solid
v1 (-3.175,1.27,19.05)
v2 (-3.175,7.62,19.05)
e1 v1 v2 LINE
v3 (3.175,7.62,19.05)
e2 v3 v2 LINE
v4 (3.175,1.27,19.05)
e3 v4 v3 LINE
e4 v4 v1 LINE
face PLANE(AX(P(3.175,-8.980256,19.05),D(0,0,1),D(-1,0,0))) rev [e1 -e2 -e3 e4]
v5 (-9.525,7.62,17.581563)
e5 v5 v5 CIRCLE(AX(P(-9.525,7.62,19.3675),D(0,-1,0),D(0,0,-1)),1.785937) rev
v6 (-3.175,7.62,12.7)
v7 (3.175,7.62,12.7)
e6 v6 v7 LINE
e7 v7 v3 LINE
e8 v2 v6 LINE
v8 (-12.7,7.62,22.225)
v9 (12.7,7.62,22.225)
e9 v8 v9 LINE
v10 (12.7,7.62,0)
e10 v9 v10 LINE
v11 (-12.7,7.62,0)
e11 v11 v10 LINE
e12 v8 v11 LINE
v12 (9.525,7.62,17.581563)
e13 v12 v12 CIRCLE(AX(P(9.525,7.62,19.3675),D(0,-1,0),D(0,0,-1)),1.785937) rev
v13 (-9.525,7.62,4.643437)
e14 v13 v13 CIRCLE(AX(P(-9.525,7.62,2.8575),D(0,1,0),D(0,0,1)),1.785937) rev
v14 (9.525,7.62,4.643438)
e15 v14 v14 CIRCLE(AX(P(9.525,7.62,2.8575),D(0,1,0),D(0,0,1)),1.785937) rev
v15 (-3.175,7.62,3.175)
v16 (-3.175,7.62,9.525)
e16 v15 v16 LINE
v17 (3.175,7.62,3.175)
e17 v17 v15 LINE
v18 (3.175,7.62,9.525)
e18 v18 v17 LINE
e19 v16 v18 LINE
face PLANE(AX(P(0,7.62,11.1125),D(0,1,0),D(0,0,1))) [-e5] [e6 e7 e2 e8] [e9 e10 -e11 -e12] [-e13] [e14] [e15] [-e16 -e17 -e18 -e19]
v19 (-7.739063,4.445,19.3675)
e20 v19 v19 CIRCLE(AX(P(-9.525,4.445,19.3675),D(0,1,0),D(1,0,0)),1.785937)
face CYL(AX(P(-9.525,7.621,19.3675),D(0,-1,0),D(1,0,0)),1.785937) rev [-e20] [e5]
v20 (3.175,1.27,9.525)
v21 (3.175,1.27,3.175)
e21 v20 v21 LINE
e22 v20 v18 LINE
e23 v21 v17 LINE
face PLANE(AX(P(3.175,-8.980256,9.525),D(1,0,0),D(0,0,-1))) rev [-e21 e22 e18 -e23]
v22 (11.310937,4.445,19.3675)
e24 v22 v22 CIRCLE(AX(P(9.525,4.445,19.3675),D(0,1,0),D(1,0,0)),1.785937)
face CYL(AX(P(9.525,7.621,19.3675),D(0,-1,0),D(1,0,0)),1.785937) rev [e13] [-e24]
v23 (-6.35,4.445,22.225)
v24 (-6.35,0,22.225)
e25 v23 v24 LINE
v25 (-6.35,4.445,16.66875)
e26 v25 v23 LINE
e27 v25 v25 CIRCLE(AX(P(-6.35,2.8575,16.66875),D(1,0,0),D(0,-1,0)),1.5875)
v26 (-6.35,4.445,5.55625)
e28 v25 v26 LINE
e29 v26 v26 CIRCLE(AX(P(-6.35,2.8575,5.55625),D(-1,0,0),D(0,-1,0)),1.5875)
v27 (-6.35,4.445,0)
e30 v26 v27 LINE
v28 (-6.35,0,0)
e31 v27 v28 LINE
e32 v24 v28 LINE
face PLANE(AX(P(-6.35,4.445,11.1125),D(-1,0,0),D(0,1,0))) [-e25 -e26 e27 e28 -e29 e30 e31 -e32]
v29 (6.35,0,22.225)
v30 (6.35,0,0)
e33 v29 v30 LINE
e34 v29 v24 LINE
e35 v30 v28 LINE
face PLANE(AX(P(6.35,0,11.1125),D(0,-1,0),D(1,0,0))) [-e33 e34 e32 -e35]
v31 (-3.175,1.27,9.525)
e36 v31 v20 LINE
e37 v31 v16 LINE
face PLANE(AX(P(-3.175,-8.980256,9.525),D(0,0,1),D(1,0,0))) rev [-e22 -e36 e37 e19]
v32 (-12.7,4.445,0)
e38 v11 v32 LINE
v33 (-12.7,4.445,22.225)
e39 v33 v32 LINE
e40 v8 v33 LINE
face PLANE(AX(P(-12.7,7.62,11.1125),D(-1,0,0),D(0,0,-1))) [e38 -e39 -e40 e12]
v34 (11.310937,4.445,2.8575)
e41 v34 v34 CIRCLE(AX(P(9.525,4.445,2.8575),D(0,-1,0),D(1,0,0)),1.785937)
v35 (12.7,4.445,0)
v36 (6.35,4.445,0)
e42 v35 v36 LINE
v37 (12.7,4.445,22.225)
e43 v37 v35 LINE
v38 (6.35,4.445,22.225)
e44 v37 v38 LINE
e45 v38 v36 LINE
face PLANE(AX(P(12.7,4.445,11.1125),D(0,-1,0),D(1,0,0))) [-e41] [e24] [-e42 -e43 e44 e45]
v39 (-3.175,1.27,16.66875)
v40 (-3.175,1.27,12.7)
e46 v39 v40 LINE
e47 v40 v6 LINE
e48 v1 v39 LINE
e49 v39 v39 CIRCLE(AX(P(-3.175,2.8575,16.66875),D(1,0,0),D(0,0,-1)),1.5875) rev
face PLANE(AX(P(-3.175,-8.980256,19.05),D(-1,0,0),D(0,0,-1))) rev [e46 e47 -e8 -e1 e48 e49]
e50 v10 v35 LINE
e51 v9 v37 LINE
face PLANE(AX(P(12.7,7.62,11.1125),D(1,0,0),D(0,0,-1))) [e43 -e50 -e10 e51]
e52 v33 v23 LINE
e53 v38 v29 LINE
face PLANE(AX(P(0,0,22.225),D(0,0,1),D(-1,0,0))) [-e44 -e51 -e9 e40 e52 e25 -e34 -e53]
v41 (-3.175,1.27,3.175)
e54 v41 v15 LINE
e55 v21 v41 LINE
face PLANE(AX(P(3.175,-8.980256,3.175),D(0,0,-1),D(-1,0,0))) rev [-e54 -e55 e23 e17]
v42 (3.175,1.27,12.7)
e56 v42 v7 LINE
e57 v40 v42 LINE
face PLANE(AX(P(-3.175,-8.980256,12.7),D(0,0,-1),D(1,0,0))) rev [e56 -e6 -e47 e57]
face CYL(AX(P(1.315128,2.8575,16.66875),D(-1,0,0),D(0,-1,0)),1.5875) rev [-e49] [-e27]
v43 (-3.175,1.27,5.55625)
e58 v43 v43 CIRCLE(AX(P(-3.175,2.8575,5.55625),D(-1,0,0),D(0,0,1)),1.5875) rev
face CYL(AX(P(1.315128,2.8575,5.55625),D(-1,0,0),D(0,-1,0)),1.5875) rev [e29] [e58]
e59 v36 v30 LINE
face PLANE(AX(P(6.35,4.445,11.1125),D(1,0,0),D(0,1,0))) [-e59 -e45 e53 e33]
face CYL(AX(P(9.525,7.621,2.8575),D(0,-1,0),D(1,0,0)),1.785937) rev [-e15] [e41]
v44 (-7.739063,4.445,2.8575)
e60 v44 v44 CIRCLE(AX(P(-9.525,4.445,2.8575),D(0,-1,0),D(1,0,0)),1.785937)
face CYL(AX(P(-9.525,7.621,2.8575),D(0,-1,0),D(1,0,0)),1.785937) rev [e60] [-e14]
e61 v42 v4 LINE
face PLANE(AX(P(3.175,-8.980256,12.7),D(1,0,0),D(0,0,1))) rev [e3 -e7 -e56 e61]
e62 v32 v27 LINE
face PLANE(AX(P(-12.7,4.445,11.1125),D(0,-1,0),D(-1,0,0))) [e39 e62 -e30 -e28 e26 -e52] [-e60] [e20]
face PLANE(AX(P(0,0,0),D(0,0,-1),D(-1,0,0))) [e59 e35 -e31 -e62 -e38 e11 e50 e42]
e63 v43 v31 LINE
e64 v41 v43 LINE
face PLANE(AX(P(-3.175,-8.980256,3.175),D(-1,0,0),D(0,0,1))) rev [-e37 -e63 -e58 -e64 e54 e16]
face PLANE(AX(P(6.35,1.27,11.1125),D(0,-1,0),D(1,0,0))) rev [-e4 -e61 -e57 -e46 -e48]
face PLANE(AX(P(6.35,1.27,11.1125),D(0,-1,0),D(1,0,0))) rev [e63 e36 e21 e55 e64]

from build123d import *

# Parameters (mm, degrees)
BOSS_EXTRUDE1_DEPTH = 11.1125
SKETCH3_W           = 6.35
SKETCH3_H           = 6.35
CUT_EXTRUDE1_DEPTH  = 6.35
SKETCH2_R           = 1.5875
CUT_EXTRUDE2_DEPTH  = 3.175
CUT_EXTRUDE3_REACH  = 19.451
SKETCH4_R           = 1.7859375


with BuildPart() as part:
    # Sketch1 → Boss-Extrude1 (new body)
    with BuildSketch(Plane.XY):
        Polygon((0, 0), (0, 7.62), (12.7, 7.62), (12.7, 4.445), (6.35, 4.445), (6.35, 0), align=None)
    extrude(amount=BOSS_EXTRUDE1_DEPTH)

    # Mirror1: part across plane


with BuildPart() as part_1:
    add(part.part)
    add(part.part.mirror(Plane(origin=(0, 0, 11.1125), x_dir=(0, 0, 1), z_dir=(-1, 0, 0))))

    # Sketch3 → Cut-Extrude1 (cut)
    with BuildSketch(Plane(origin=(0, 7.62, 0), x_dir=(1, 0, 0), z_dir=(0, 1, 0))):
        with Locations((0, -6.35)):
            Rectangle(SKETCH3_W, SKETCH3_H)
    extrude(amount=-CUT_EXTRUDE1_DEPTH, mode=Mode.SUBTRACT)

    # Sketch2 → Cut-Extrude2 (cut)
    with BuildSketch(Plane.ZY.offset(6.35)):
        with Locations(Location((5.55625, 2.8575, 0), (0, 0, 270))):
            Circle(SKETCH2_R)
    extrude(amount=-CUT_EXTRUDE2_DEPTH, mode=Mode.SUBTRACT)

    # Sketch4 → Cut-Extrude3 (cut, up to next)
    with BuildSketch(Plane.XZ.offset(-4.445), mode=Mode.PRIVATE) as cut_extrude3_sk1:
        with Locations((9.525, 2.8575)):
            Circle(SKETCH4_R)
    cut_extrude3_tool1 = extrude(cut_extrude3_sk1.sketch, amount=-CUT_EXTRUDE3_REACH, mode=Mode.PRIVATE) & part_1.part
    # Sketch4 → Cut-Extrude3 (cut, up to next)
    with BuildSketch(Plane.XZ.offset(-4.445), mode=Mode.PRIVATE) as cut_extrude3_sk2:
        with Locations((-9.525, 2.8575)):
            Circle(SKETCH4_R)
    cut_extrude3_tool2 = extrude(cut_extrude3_sk2.sketch, amount=-CUT_EXTRUDE3_REACH, mode=Mode.PRIVATE) & part_1.part
    add(cut_extrude3_tool1.solids().sort_by_distance((9.525, 4.445, 2.8575))[0], mode=Mode.SUBTRACT)
    add(cut_extrude3_tool2.solids().sort_by_distance((-9.525, 4.445, 2.8575))[0], mode=Mode.SUBTRACT)

    # Mirror2: part across plane


with BuildPart() as part_2:
    add(part_1.part)
    add(part_1.part.mirror(Plane(origin=(0, 0, 11.1125), x_dir=(1, 0, 0), z_dir=(0, 0, -1))))


solid = part_2.part
